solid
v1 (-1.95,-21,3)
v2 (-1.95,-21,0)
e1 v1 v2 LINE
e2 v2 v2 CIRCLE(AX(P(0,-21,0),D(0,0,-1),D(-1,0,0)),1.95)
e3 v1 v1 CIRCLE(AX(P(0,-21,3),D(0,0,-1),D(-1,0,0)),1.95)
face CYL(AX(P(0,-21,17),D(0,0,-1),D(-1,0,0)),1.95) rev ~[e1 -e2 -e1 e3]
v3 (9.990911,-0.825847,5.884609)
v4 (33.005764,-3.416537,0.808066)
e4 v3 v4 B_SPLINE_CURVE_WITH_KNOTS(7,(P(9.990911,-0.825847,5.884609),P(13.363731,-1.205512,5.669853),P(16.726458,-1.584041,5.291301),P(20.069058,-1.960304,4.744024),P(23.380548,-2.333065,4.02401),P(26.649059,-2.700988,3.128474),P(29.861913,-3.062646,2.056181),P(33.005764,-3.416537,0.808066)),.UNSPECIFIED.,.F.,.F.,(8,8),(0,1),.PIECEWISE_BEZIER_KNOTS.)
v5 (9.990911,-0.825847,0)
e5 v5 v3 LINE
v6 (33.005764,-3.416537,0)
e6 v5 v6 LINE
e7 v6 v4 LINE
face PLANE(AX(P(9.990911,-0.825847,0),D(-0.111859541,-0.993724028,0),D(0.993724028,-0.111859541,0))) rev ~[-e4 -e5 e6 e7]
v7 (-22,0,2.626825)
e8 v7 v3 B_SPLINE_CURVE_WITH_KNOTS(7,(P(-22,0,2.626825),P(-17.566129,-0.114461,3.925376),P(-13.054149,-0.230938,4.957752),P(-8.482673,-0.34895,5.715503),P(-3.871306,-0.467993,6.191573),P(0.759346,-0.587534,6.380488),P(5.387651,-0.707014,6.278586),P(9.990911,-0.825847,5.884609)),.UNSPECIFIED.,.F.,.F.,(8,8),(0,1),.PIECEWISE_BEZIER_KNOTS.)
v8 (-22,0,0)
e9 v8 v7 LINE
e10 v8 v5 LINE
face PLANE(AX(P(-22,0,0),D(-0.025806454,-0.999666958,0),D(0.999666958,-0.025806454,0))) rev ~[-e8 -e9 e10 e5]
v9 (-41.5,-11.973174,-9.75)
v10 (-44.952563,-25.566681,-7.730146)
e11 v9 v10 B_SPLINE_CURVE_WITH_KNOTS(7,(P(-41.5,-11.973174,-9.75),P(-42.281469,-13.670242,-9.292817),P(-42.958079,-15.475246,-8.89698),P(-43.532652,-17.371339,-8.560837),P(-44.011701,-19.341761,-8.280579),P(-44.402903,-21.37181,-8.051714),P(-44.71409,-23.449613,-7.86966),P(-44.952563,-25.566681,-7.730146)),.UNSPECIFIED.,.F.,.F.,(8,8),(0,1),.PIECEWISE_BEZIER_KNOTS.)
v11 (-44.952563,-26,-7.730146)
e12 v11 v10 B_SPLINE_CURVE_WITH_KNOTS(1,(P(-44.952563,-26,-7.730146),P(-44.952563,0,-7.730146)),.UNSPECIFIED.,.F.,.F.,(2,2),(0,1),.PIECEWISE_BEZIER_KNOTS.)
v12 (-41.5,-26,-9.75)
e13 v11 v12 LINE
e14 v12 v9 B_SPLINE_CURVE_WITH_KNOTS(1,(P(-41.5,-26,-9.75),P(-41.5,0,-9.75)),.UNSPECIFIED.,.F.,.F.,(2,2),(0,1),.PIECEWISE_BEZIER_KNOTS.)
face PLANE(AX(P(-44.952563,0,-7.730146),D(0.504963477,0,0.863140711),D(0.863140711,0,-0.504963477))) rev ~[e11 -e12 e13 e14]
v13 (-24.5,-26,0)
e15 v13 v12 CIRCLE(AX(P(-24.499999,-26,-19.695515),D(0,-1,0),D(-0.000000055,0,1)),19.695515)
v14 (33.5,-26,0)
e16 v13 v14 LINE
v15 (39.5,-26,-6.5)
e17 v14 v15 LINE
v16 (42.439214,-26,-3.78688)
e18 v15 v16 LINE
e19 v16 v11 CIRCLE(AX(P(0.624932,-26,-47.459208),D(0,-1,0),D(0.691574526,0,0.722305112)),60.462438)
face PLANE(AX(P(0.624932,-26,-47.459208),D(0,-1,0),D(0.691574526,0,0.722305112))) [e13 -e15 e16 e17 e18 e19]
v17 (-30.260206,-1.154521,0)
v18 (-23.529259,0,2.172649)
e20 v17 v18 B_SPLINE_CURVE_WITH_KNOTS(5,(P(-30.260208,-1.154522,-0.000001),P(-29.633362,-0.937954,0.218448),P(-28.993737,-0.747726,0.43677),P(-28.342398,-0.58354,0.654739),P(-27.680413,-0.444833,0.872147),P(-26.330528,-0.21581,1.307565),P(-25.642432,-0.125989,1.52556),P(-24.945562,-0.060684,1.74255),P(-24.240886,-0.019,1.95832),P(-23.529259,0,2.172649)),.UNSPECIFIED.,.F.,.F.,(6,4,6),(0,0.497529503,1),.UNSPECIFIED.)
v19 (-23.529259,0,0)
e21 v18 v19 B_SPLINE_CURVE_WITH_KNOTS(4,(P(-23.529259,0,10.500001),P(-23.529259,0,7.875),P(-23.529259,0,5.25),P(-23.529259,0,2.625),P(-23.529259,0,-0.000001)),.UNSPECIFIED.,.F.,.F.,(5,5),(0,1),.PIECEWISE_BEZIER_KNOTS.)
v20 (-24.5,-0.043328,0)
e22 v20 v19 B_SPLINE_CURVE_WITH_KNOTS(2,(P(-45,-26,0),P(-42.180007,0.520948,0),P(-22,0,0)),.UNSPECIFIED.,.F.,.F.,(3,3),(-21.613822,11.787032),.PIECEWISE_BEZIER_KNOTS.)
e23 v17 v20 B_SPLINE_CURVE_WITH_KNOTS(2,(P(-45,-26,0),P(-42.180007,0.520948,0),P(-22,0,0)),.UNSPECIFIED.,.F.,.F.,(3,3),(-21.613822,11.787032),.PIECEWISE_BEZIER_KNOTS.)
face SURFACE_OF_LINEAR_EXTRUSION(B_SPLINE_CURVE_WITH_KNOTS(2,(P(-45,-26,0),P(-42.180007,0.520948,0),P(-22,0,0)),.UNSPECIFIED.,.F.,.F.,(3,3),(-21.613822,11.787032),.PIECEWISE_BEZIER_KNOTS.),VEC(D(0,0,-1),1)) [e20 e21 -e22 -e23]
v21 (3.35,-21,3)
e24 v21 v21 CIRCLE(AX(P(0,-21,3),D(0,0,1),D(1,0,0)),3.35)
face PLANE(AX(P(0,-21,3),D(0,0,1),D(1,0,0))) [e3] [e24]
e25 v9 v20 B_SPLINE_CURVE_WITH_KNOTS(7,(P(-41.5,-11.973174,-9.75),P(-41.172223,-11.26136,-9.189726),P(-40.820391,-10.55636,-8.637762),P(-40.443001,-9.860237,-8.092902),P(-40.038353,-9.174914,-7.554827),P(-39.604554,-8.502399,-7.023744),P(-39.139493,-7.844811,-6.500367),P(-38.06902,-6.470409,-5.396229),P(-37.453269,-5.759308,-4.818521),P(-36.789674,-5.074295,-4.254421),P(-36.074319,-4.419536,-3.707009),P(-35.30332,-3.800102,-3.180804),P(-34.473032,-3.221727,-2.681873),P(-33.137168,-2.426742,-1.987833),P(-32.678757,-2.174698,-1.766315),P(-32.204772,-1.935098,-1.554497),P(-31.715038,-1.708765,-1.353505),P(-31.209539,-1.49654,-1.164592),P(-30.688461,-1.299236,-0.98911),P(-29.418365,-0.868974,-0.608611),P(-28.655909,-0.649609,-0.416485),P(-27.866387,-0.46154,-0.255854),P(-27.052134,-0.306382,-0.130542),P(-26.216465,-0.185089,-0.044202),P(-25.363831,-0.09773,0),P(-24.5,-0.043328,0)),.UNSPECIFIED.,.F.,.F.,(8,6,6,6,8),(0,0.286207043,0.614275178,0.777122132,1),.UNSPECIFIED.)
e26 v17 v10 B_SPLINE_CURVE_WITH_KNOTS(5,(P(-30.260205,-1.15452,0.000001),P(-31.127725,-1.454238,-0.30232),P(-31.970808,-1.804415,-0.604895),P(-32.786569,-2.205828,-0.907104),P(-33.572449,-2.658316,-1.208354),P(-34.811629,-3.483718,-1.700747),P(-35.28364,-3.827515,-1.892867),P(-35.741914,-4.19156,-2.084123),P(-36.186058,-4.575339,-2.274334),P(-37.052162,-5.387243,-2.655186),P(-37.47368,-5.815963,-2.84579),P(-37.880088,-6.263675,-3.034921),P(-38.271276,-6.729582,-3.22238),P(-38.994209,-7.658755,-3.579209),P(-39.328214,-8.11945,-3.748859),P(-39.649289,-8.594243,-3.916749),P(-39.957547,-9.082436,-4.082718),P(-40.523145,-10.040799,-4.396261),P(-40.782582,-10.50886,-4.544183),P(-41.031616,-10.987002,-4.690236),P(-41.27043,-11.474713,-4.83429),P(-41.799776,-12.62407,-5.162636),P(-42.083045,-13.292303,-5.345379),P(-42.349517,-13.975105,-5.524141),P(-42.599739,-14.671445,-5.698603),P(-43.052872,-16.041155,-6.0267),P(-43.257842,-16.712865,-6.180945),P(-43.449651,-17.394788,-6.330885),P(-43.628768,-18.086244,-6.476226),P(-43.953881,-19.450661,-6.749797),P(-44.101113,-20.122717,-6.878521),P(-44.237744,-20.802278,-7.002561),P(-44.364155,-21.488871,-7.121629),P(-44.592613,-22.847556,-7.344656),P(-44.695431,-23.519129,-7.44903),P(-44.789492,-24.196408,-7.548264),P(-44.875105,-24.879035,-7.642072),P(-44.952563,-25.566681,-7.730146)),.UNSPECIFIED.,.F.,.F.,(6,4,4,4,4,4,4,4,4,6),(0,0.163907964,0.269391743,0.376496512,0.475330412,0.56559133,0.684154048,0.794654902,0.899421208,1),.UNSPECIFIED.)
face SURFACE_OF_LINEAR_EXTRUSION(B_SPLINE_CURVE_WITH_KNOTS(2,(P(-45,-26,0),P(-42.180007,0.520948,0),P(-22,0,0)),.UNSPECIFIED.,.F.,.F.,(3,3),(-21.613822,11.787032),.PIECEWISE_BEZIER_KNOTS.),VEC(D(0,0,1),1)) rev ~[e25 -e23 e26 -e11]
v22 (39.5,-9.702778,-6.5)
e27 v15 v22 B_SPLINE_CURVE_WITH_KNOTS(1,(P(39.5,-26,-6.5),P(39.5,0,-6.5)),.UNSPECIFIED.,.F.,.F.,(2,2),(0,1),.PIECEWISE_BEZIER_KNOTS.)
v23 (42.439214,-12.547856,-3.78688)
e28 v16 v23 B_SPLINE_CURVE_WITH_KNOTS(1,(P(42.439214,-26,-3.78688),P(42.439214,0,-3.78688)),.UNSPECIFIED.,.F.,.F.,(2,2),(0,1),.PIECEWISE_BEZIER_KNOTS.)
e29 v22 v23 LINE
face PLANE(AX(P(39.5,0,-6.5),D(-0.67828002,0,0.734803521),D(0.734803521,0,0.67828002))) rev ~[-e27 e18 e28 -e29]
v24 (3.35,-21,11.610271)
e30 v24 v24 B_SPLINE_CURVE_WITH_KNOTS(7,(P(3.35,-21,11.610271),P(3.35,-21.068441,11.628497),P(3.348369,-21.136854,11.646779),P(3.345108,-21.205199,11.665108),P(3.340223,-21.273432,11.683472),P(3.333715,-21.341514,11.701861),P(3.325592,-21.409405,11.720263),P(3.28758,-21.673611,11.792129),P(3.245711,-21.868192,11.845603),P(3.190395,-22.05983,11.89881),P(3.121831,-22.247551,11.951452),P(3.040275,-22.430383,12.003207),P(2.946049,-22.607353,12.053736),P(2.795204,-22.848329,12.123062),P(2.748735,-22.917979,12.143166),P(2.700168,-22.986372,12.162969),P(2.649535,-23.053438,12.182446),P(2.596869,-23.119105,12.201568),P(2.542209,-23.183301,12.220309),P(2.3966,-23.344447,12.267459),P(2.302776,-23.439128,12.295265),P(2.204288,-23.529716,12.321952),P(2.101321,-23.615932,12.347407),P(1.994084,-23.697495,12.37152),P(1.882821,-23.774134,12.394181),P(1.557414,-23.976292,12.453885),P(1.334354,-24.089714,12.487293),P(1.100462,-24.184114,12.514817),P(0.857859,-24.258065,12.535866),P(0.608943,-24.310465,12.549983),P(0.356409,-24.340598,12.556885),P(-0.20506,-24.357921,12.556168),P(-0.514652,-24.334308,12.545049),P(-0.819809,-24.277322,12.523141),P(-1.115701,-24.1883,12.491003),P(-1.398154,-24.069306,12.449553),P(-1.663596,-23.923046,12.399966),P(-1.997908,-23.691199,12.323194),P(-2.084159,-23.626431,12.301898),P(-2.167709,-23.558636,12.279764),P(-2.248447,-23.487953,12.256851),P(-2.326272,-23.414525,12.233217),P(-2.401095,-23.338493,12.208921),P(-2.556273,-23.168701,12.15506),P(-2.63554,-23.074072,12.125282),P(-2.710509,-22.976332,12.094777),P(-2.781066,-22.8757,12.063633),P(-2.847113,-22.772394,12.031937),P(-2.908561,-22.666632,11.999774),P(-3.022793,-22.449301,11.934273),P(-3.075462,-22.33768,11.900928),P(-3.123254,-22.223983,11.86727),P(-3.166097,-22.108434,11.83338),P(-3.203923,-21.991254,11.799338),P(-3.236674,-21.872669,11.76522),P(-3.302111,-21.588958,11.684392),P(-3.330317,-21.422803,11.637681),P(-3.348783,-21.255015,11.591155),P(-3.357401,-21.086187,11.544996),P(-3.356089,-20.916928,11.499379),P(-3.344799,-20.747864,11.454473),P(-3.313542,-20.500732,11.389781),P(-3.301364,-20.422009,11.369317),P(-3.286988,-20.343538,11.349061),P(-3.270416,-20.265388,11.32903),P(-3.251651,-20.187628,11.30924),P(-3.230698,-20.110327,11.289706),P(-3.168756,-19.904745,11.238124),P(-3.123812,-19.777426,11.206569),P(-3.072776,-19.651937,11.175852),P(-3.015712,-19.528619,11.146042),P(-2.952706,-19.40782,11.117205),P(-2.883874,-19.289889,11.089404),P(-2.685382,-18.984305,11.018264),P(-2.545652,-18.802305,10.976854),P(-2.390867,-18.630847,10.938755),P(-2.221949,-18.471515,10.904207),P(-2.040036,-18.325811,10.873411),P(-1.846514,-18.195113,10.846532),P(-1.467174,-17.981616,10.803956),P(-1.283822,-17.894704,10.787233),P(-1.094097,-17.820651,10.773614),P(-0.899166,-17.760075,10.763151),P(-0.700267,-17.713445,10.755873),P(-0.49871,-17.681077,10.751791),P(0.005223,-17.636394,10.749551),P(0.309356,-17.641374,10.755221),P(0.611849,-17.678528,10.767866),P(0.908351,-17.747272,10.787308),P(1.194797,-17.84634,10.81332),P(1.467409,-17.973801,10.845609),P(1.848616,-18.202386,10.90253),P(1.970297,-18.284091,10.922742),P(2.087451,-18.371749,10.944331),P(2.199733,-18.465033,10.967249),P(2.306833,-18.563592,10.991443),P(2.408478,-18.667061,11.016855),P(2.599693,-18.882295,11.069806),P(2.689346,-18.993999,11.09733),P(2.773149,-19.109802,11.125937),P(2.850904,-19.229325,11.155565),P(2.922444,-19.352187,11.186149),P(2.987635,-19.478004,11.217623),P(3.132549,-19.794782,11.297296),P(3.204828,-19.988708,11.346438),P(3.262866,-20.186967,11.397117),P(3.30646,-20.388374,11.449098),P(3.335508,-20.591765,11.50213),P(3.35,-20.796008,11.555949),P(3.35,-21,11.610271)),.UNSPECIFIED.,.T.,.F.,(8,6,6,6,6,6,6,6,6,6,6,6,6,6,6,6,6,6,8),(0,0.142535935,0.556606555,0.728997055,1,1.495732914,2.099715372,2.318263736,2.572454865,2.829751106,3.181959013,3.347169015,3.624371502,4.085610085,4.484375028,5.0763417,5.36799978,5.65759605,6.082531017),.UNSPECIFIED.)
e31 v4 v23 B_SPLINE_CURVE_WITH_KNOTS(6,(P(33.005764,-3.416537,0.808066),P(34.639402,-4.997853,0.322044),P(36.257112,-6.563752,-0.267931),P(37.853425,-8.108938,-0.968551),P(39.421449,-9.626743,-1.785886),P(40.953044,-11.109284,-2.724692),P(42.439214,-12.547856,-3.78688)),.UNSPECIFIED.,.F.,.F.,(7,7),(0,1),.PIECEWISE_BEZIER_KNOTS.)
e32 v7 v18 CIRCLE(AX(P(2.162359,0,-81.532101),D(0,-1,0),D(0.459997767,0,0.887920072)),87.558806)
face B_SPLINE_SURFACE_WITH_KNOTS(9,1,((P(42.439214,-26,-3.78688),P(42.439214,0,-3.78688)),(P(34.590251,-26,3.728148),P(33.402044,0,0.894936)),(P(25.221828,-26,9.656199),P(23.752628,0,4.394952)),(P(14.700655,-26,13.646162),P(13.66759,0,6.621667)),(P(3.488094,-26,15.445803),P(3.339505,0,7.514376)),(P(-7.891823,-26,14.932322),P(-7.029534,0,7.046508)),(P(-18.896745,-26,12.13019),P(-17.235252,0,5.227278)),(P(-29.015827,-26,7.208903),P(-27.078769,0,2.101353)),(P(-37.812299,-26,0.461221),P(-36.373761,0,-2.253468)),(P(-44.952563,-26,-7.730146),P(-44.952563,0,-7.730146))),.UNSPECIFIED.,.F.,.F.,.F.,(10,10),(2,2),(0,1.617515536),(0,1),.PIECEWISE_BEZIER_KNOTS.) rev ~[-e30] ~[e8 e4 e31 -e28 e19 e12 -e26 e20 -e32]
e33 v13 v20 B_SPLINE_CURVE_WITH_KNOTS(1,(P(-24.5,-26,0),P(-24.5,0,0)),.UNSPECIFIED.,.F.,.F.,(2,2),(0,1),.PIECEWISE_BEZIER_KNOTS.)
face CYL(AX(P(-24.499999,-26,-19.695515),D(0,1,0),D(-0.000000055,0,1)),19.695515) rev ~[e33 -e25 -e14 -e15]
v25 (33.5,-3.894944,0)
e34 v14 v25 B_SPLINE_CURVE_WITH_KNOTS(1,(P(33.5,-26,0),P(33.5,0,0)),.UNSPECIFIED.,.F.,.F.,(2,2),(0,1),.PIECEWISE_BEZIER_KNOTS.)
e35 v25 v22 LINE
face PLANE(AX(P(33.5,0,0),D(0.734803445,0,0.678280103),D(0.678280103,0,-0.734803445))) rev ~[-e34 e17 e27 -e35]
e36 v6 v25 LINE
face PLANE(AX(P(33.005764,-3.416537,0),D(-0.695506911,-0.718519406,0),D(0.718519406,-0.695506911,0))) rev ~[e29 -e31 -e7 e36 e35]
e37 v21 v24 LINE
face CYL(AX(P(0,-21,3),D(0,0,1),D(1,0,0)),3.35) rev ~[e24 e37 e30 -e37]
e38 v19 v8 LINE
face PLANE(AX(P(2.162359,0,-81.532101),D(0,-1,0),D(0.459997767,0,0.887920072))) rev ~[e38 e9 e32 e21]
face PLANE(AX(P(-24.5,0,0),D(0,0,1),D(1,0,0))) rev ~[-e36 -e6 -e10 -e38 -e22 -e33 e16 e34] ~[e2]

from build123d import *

# Parameters (mm, degrees)
POCKET010_DEPTH  = 10.5
HOLE_D           = 3.9
HOLE_DEPTH       = 25
HOLE_CBORE_D     = 6.7
HOLE_CBORE_DEPTH = 14
HOLE_TIPS_R      = 1.95


with BuildPart() as part:
    # Sketch022 → AdditiveLoft001 section 0
    with BuildSketch(Plane.XZ.offset(26)):
        with BuildLine():
            Line((-24.5, 0), (33.5, 0))
            Line((33.5, 0), (39.5, -6.5))
            Line((39.5, -6.5), (42.439214, -3.78688))
            ThreePointArc((42.439214, -3.78688), (-2.100464, 12.941774), (-44.952563, -7.730146))
            Line((-44.952563, -7.730146), (-41.5, -9.75))
            ThreePointArc((-24.5, 0), (-34.298756, -2.610502), (-41.5, -9.75))
        make_face()
    # Sketch023 → AdditiveLoft001 section 1
    with BuildSketch(Plane.XZ):
        with BuildLine():
            Line((-24.5, 0), (33.5, 0))
            Line((33.5, 0), (39.5, -6.5))
            Line((39.5, -6.5), (42.439214, -3.78688))
            ThreePointArc((42.439214, -3.78688), (-1.784428, 5.937707), (-44.952563, -7.730146))
            Line((-44.952563, -7.730146), (-41.5, -9.75))
            ThreePointArc((-24.5, 0), (-34.298756, -2.610502), (-41.5, -9.75))
        make_face()
    loft()

    # Sketch024 → Pocket010 (cut, symmetric)
    with BuildSketch(Plane.XY):
        with BuildLine():
            Line((-22, 0), (9.990911, -0.825847))
            Line((9.990911, -0.825847), (33.005764, -3.416537))
            Line((33.005764, -3.416537), (43.190086, -13.274679))
            Line((43.190086, -13.274679), (43.190086, 17.224566))
            Line((43.190086, 17.224566), (-48.844296, 17.224566))
            Line((-48.844296, 17.224566), (-48.844296, -33.398815))
            Line((-48.844296, -33.398815), (-45, -33.398815))
            Line((-45, -33.398815), (-45, -26))
            add(Edge.make_bspline(
                [(-45, -26), (-42.180007, 0.520948), (-22, 0)],
                knots=[-21.613822, -21.613822, -21.613822, 11.787032, 11.787032, 11.787032], degree=2))
        make_face()
    extrude(amount=POCKET010_DEPTH, both=True, mode=Mode.SUBTRACT)

    # Hole
    with Locations(Plane.XY.offset(17)):
        with Locations((0, -21)):
            CounterBoreHole(HOLE_D / 2, HOLE_CBORE_D / 2, HOLE_CBORE_DEPTH, depth=HOLE_DEPTH)

    # Hole tips → Hole tip 1 section 0
    with BuildSketch(Plane.XY.offset(-8), mode=Mode.PRIVATE) as hole_tip_1_s0:
        with Locations((0, -21)):
            Circle(HOLE_TIPS_R)
    loft([hole_tip_1_s0.sketch, Vertex(0, -21, -9.171678)], mode=Mode.SUBTRACT)


solid = part.part
